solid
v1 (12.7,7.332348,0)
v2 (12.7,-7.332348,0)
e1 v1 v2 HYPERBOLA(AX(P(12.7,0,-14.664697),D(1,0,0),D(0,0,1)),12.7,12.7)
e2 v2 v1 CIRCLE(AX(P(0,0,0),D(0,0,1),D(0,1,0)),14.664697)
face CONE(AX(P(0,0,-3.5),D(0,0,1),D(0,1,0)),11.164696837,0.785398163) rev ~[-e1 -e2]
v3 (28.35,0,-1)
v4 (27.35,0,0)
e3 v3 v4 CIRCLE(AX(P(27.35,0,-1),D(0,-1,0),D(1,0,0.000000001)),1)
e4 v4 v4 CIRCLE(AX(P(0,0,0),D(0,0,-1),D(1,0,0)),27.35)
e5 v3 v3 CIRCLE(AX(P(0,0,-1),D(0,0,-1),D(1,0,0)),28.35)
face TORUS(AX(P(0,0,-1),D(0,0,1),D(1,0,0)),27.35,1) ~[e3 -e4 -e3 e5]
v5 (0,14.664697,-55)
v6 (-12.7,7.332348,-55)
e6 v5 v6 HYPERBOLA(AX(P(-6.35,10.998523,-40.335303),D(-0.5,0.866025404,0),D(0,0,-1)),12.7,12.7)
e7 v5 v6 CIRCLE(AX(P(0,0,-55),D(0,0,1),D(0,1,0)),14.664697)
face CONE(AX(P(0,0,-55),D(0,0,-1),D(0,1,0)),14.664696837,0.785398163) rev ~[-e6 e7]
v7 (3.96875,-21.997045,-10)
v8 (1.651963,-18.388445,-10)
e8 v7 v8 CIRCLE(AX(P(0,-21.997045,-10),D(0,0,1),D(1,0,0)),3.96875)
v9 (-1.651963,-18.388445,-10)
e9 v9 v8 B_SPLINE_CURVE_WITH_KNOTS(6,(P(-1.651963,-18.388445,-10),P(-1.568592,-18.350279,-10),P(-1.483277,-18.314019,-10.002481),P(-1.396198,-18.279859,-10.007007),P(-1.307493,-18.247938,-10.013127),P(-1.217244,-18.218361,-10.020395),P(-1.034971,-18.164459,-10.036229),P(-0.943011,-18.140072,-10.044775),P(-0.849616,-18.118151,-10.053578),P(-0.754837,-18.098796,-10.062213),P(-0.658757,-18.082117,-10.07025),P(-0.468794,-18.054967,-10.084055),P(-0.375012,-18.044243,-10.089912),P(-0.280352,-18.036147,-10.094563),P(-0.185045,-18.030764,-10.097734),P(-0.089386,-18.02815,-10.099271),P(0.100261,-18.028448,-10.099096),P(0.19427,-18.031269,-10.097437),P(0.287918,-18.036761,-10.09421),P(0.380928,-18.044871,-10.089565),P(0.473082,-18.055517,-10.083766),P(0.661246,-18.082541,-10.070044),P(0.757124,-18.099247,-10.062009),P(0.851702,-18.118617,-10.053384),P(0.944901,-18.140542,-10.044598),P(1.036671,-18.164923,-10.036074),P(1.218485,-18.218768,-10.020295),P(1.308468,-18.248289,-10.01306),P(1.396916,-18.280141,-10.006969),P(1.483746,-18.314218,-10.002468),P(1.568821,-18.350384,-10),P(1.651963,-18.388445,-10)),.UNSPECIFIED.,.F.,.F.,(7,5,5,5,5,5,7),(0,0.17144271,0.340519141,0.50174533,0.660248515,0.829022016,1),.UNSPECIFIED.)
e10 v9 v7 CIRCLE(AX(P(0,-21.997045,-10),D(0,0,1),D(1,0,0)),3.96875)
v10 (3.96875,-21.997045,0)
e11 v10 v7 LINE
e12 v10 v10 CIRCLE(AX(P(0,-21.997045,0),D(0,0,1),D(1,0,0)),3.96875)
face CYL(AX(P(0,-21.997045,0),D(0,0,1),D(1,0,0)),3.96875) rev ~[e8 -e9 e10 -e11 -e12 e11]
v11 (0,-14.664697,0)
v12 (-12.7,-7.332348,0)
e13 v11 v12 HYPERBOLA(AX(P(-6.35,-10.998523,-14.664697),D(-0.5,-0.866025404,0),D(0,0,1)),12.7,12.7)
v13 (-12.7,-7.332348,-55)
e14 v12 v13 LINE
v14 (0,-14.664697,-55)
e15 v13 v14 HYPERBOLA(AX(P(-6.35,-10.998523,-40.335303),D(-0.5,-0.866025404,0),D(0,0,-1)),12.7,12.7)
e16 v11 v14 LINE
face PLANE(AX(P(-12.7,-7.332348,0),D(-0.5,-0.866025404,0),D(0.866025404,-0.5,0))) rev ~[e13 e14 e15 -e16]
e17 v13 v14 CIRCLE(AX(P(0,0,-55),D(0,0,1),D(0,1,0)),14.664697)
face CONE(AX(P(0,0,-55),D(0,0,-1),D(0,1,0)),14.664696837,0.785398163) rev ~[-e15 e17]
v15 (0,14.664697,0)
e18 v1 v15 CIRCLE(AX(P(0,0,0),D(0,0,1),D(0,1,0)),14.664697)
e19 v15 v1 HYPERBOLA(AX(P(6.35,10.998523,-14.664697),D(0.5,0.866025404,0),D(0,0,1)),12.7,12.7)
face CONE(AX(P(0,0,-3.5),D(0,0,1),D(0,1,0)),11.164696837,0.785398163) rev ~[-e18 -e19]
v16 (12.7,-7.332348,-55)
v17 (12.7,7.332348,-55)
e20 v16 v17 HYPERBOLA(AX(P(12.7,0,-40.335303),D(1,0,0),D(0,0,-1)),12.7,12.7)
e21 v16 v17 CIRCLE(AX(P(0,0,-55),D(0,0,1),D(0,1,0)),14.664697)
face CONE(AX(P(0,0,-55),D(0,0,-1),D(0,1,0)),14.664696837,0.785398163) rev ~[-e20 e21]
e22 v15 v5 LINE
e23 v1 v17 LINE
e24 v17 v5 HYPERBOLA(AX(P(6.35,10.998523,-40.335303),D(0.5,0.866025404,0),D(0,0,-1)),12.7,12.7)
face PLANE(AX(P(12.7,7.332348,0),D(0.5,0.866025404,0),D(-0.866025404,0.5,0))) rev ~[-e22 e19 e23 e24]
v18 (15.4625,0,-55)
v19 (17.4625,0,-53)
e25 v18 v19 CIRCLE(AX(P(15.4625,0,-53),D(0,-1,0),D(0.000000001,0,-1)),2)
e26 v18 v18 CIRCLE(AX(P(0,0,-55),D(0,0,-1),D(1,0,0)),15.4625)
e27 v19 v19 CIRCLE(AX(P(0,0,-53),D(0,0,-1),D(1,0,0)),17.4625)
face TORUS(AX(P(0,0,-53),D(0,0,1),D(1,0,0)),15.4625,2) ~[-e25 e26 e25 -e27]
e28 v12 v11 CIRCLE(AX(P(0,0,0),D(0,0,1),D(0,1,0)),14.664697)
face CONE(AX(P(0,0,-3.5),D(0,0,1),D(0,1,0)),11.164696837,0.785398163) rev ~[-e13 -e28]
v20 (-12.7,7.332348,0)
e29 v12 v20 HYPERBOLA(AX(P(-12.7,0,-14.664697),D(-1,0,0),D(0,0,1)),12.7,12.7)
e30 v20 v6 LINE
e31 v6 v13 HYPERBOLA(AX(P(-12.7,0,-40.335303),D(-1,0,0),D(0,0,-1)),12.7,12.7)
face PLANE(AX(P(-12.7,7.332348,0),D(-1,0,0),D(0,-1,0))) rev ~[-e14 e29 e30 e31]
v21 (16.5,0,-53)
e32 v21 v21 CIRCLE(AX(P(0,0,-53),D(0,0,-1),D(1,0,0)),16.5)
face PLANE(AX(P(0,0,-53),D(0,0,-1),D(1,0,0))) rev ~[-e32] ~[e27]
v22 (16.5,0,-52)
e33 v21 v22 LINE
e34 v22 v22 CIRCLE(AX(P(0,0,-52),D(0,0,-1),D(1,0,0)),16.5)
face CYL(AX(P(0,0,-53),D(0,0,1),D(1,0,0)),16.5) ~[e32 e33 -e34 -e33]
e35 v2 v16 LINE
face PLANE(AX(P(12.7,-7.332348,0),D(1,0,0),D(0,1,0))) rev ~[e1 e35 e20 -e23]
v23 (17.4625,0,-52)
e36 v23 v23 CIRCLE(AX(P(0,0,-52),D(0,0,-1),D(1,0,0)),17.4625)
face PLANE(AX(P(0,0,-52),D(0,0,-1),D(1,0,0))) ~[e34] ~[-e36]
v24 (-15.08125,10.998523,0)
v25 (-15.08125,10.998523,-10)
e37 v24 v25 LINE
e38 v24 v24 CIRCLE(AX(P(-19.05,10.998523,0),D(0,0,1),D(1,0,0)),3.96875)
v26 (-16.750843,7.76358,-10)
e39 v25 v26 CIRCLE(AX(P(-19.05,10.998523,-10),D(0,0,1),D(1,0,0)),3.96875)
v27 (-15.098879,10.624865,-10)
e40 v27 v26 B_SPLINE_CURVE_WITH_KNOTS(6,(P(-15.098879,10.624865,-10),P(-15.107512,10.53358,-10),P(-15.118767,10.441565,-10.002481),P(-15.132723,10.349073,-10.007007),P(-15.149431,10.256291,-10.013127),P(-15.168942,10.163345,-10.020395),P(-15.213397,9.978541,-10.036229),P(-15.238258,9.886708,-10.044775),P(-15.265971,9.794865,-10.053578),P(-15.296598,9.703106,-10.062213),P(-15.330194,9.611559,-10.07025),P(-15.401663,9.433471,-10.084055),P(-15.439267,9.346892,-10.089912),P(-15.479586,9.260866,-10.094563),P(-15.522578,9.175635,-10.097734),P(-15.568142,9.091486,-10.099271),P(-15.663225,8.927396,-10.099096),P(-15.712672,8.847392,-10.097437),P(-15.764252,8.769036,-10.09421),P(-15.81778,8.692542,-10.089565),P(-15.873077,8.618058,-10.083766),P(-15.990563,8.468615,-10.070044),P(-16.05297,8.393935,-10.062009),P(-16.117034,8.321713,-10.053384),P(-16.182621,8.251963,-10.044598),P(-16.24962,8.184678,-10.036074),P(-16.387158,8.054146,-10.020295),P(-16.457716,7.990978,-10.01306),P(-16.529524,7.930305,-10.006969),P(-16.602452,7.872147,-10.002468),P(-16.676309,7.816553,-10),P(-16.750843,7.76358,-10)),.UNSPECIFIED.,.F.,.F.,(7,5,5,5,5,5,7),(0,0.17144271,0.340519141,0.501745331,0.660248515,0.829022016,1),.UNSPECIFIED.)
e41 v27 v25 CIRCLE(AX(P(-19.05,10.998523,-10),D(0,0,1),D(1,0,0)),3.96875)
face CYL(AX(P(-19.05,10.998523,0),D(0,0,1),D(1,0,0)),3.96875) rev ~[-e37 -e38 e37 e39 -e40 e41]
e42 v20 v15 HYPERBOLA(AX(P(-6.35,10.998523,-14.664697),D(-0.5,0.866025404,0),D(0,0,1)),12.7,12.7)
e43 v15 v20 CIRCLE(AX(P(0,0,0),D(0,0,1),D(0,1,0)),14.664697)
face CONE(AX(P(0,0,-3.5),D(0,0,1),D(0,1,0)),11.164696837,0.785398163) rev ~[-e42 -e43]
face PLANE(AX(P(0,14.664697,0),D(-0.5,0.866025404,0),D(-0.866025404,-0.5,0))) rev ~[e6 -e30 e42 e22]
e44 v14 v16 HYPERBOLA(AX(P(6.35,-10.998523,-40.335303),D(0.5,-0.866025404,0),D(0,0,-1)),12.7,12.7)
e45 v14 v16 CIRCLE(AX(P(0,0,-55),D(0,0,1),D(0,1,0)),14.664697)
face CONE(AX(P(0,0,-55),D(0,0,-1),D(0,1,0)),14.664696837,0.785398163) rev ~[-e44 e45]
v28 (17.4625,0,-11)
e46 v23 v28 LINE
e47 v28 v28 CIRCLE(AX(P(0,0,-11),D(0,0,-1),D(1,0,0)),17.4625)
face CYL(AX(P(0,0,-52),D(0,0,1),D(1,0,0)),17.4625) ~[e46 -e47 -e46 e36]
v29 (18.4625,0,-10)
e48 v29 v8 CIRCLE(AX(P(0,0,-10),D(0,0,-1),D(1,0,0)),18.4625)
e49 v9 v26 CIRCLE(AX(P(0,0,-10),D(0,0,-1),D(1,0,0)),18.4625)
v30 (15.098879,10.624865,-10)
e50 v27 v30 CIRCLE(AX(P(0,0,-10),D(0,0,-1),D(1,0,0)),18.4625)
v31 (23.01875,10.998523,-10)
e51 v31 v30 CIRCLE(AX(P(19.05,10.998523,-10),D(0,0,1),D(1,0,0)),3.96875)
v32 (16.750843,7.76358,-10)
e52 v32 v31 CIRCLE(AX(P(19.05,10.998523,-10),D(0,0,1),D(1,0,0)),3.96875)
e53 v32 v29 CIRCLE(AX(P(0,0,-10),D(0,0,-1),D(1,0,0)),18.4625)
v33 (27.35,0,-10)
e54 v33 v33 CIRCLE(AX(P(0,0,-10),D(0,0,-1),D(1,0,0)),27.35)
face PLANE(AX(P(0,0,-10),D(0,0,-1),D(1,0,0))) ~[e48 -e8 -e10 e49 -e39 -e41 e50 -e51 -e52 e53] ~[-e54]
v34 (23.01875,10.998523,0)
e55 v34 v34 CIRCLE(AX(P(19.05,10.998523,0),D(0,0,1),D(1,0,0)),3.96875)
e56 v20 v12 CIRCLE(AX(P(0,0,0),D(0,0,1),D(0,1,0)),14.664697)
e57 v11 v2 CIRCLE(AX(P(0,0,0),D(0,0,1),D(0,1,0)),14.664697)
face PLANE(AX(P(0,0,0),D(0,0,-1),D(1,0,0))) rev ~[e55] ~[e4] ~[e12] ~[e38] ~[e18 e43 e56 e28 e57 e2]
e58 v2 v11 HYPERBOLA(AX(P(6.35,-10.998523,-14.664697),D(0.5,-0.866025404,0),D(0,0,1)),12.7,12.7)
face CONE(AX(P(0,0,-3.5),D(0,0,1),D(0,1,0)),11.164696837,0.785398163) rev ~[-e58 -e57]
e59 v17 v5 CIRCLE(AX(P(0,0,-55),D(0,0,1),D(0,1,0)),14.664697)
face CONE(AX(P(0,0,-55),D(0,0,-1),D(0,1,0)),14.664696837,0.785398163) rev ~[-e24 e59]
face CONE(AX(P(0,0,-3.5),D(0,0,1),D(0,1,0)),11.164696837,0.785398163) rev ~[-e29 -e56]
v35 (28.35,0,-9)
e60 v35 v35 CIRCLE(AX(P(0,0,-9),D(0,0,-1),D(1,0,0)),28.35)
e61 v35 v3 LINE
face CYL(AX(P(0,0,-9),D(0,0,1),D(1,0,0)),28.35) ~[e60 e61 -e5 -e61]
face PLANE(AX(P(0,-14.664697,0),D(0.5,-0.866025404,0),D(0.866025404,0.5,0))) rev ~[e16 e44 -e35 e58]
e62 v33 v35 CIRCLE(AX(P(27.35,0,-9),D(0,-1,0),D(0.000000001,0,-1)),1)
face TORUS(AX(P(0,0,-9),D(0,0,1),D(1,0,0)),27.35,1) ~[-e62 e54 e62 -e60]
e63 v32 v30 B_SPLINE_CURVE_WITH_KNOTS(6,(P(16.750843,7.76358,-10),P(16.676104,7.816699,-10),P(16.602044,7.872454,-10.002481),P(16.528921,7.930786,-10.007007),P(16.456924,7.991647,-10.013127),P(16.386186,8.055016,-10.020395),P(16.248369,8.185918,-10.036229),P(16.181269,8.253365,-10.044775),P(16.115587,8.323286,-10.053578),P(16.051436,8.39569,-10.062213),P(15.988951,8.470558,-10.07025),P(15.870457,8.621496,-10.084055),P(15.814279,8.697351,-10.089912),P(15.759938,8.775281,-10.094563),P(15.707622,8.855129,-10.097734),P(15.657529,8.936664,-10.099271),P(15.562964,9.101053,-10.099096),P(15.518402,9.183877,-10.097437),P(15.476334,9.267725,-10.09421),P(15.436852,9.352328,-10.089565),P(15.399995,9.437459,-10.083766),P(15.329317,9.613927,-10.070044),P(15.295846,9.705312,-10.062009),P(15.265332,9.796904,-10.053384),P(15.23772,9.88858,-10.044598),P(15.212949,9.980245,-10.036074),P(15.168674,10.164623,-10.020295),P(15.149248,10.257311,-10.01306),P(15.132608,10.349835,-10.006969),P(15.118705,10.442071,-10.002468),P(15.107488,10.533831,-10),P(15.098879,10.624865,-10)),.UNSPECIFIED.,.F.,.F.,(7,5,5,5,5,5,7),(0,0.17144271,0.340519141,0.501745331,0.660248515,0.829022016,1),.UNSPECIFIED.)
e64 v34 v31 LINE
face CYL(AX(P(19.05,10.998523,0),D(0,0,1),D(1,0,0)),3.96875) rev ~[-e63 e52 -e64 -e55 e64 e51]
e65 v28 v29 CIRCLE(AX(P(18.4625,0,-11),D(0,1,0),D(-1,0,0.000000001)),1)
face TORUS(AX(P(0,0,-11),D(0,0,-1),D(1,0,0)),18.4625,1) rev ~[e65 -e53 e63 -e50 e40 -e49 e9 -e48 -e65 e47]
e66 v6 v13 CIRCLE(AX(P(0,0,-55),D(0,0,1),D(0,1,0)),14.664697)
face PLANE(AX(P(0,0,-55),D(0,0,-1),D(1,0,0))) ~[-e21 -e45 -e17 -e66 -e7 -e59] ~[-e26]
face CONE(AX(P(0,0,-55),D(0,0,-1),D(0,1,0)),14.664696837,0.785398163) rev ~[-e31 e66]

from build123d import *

# Parameters (mm, degrees)
SKETCH2_R          = 3.96875
CUT_EXTRUDE1_DEPTH = 69.062067304


with BuildPart() as part:
    # Sketch1 → Revolve1 (revolve)
    with BuildSketch(Plane(origin=(0, 0, 0), x_dir=(0, 0, -1), z_dir=(1, 0, 0)), mode=Mode.PRIVATE) as revolve1_sk:
        with BuildLine():
            Line((0, 27.35), (0, 0))
            Line((0, 0), (55, 0))
            Line((55, 0), (55, 15.4625))
            ThreePointArc((55, 15.4625), (54.414213562, 16.876713562), (53, 17.4625))
            Line((53, 17.4625), (53, 16.5))
            Line((53, 16.5), (52, 16.5))
            Line((52, 16.5), (52, 17.4625))
            Line((52, 17.4625), (11, 17.4625))
            ThreePointArc((11, 17.4625), (10.292893219, 17.755393219), (10, 18.4625))
            Line((10, 18.4625), (10, 27.35))
            ThreePointArc((10, 27.35), (9.707106781, 28.057106781), (9, 28.35))
            Line((9, 28.35), (1, 28.35))
            ThreePointArc((1, 28.35), (0.292893219, 28.057106781), (0, 27.35))
        make_face()
    revolve(revolve1_sk.sketch.rotate(Axis((0, 0, 0), (0, 0, -1)), 90), axis=Axis((0, 0, 0), (0, 0, -1)))

    # Sketch2 → Cut-Extrude1 (cut, through all)
    with BuildSketch(Plane.XY):
        Polygon((0, 14.664696837), (-12.7, 7.332348419), (-12.7, -7.332348419), (0, -14.664696837), (12.7, -7.332348419), (12.7, 7.332348419), align=None)
        with Locations((-19.05, 10.998522628)):
            Circle(SKETCH2_R)
        with Locations((19.05, 10.998522628)):
            Circle(SKETCH2_R)
        with Locations((0, -21.997045256)):
            Circle(SKETCH2_R)
    extrude(amount=-CUT_EXTRUDE1_DEPTH, mode=Mode.SUBTRACT)

    # Sketch3 → Cut-Revolve2 (revolve, cut)
    with BuildSketch(Plane(origin=(0, 0, 0), x_dir=(0, 0, -1), z_dir=(1, 0, 0))):
        Polygon((0, 14.664696837), (0, 11.164696837), (3.5, 11.164696837), align=None)
        Polygon((51.5, 11.164696837), (55, 11.164696837), (55, 14.664696837), align=None)
    revolve(axis=Axis((0, 0, -55), (0, 0, 1)), mode=Mode.SUBTRACT)


solid = part.part
